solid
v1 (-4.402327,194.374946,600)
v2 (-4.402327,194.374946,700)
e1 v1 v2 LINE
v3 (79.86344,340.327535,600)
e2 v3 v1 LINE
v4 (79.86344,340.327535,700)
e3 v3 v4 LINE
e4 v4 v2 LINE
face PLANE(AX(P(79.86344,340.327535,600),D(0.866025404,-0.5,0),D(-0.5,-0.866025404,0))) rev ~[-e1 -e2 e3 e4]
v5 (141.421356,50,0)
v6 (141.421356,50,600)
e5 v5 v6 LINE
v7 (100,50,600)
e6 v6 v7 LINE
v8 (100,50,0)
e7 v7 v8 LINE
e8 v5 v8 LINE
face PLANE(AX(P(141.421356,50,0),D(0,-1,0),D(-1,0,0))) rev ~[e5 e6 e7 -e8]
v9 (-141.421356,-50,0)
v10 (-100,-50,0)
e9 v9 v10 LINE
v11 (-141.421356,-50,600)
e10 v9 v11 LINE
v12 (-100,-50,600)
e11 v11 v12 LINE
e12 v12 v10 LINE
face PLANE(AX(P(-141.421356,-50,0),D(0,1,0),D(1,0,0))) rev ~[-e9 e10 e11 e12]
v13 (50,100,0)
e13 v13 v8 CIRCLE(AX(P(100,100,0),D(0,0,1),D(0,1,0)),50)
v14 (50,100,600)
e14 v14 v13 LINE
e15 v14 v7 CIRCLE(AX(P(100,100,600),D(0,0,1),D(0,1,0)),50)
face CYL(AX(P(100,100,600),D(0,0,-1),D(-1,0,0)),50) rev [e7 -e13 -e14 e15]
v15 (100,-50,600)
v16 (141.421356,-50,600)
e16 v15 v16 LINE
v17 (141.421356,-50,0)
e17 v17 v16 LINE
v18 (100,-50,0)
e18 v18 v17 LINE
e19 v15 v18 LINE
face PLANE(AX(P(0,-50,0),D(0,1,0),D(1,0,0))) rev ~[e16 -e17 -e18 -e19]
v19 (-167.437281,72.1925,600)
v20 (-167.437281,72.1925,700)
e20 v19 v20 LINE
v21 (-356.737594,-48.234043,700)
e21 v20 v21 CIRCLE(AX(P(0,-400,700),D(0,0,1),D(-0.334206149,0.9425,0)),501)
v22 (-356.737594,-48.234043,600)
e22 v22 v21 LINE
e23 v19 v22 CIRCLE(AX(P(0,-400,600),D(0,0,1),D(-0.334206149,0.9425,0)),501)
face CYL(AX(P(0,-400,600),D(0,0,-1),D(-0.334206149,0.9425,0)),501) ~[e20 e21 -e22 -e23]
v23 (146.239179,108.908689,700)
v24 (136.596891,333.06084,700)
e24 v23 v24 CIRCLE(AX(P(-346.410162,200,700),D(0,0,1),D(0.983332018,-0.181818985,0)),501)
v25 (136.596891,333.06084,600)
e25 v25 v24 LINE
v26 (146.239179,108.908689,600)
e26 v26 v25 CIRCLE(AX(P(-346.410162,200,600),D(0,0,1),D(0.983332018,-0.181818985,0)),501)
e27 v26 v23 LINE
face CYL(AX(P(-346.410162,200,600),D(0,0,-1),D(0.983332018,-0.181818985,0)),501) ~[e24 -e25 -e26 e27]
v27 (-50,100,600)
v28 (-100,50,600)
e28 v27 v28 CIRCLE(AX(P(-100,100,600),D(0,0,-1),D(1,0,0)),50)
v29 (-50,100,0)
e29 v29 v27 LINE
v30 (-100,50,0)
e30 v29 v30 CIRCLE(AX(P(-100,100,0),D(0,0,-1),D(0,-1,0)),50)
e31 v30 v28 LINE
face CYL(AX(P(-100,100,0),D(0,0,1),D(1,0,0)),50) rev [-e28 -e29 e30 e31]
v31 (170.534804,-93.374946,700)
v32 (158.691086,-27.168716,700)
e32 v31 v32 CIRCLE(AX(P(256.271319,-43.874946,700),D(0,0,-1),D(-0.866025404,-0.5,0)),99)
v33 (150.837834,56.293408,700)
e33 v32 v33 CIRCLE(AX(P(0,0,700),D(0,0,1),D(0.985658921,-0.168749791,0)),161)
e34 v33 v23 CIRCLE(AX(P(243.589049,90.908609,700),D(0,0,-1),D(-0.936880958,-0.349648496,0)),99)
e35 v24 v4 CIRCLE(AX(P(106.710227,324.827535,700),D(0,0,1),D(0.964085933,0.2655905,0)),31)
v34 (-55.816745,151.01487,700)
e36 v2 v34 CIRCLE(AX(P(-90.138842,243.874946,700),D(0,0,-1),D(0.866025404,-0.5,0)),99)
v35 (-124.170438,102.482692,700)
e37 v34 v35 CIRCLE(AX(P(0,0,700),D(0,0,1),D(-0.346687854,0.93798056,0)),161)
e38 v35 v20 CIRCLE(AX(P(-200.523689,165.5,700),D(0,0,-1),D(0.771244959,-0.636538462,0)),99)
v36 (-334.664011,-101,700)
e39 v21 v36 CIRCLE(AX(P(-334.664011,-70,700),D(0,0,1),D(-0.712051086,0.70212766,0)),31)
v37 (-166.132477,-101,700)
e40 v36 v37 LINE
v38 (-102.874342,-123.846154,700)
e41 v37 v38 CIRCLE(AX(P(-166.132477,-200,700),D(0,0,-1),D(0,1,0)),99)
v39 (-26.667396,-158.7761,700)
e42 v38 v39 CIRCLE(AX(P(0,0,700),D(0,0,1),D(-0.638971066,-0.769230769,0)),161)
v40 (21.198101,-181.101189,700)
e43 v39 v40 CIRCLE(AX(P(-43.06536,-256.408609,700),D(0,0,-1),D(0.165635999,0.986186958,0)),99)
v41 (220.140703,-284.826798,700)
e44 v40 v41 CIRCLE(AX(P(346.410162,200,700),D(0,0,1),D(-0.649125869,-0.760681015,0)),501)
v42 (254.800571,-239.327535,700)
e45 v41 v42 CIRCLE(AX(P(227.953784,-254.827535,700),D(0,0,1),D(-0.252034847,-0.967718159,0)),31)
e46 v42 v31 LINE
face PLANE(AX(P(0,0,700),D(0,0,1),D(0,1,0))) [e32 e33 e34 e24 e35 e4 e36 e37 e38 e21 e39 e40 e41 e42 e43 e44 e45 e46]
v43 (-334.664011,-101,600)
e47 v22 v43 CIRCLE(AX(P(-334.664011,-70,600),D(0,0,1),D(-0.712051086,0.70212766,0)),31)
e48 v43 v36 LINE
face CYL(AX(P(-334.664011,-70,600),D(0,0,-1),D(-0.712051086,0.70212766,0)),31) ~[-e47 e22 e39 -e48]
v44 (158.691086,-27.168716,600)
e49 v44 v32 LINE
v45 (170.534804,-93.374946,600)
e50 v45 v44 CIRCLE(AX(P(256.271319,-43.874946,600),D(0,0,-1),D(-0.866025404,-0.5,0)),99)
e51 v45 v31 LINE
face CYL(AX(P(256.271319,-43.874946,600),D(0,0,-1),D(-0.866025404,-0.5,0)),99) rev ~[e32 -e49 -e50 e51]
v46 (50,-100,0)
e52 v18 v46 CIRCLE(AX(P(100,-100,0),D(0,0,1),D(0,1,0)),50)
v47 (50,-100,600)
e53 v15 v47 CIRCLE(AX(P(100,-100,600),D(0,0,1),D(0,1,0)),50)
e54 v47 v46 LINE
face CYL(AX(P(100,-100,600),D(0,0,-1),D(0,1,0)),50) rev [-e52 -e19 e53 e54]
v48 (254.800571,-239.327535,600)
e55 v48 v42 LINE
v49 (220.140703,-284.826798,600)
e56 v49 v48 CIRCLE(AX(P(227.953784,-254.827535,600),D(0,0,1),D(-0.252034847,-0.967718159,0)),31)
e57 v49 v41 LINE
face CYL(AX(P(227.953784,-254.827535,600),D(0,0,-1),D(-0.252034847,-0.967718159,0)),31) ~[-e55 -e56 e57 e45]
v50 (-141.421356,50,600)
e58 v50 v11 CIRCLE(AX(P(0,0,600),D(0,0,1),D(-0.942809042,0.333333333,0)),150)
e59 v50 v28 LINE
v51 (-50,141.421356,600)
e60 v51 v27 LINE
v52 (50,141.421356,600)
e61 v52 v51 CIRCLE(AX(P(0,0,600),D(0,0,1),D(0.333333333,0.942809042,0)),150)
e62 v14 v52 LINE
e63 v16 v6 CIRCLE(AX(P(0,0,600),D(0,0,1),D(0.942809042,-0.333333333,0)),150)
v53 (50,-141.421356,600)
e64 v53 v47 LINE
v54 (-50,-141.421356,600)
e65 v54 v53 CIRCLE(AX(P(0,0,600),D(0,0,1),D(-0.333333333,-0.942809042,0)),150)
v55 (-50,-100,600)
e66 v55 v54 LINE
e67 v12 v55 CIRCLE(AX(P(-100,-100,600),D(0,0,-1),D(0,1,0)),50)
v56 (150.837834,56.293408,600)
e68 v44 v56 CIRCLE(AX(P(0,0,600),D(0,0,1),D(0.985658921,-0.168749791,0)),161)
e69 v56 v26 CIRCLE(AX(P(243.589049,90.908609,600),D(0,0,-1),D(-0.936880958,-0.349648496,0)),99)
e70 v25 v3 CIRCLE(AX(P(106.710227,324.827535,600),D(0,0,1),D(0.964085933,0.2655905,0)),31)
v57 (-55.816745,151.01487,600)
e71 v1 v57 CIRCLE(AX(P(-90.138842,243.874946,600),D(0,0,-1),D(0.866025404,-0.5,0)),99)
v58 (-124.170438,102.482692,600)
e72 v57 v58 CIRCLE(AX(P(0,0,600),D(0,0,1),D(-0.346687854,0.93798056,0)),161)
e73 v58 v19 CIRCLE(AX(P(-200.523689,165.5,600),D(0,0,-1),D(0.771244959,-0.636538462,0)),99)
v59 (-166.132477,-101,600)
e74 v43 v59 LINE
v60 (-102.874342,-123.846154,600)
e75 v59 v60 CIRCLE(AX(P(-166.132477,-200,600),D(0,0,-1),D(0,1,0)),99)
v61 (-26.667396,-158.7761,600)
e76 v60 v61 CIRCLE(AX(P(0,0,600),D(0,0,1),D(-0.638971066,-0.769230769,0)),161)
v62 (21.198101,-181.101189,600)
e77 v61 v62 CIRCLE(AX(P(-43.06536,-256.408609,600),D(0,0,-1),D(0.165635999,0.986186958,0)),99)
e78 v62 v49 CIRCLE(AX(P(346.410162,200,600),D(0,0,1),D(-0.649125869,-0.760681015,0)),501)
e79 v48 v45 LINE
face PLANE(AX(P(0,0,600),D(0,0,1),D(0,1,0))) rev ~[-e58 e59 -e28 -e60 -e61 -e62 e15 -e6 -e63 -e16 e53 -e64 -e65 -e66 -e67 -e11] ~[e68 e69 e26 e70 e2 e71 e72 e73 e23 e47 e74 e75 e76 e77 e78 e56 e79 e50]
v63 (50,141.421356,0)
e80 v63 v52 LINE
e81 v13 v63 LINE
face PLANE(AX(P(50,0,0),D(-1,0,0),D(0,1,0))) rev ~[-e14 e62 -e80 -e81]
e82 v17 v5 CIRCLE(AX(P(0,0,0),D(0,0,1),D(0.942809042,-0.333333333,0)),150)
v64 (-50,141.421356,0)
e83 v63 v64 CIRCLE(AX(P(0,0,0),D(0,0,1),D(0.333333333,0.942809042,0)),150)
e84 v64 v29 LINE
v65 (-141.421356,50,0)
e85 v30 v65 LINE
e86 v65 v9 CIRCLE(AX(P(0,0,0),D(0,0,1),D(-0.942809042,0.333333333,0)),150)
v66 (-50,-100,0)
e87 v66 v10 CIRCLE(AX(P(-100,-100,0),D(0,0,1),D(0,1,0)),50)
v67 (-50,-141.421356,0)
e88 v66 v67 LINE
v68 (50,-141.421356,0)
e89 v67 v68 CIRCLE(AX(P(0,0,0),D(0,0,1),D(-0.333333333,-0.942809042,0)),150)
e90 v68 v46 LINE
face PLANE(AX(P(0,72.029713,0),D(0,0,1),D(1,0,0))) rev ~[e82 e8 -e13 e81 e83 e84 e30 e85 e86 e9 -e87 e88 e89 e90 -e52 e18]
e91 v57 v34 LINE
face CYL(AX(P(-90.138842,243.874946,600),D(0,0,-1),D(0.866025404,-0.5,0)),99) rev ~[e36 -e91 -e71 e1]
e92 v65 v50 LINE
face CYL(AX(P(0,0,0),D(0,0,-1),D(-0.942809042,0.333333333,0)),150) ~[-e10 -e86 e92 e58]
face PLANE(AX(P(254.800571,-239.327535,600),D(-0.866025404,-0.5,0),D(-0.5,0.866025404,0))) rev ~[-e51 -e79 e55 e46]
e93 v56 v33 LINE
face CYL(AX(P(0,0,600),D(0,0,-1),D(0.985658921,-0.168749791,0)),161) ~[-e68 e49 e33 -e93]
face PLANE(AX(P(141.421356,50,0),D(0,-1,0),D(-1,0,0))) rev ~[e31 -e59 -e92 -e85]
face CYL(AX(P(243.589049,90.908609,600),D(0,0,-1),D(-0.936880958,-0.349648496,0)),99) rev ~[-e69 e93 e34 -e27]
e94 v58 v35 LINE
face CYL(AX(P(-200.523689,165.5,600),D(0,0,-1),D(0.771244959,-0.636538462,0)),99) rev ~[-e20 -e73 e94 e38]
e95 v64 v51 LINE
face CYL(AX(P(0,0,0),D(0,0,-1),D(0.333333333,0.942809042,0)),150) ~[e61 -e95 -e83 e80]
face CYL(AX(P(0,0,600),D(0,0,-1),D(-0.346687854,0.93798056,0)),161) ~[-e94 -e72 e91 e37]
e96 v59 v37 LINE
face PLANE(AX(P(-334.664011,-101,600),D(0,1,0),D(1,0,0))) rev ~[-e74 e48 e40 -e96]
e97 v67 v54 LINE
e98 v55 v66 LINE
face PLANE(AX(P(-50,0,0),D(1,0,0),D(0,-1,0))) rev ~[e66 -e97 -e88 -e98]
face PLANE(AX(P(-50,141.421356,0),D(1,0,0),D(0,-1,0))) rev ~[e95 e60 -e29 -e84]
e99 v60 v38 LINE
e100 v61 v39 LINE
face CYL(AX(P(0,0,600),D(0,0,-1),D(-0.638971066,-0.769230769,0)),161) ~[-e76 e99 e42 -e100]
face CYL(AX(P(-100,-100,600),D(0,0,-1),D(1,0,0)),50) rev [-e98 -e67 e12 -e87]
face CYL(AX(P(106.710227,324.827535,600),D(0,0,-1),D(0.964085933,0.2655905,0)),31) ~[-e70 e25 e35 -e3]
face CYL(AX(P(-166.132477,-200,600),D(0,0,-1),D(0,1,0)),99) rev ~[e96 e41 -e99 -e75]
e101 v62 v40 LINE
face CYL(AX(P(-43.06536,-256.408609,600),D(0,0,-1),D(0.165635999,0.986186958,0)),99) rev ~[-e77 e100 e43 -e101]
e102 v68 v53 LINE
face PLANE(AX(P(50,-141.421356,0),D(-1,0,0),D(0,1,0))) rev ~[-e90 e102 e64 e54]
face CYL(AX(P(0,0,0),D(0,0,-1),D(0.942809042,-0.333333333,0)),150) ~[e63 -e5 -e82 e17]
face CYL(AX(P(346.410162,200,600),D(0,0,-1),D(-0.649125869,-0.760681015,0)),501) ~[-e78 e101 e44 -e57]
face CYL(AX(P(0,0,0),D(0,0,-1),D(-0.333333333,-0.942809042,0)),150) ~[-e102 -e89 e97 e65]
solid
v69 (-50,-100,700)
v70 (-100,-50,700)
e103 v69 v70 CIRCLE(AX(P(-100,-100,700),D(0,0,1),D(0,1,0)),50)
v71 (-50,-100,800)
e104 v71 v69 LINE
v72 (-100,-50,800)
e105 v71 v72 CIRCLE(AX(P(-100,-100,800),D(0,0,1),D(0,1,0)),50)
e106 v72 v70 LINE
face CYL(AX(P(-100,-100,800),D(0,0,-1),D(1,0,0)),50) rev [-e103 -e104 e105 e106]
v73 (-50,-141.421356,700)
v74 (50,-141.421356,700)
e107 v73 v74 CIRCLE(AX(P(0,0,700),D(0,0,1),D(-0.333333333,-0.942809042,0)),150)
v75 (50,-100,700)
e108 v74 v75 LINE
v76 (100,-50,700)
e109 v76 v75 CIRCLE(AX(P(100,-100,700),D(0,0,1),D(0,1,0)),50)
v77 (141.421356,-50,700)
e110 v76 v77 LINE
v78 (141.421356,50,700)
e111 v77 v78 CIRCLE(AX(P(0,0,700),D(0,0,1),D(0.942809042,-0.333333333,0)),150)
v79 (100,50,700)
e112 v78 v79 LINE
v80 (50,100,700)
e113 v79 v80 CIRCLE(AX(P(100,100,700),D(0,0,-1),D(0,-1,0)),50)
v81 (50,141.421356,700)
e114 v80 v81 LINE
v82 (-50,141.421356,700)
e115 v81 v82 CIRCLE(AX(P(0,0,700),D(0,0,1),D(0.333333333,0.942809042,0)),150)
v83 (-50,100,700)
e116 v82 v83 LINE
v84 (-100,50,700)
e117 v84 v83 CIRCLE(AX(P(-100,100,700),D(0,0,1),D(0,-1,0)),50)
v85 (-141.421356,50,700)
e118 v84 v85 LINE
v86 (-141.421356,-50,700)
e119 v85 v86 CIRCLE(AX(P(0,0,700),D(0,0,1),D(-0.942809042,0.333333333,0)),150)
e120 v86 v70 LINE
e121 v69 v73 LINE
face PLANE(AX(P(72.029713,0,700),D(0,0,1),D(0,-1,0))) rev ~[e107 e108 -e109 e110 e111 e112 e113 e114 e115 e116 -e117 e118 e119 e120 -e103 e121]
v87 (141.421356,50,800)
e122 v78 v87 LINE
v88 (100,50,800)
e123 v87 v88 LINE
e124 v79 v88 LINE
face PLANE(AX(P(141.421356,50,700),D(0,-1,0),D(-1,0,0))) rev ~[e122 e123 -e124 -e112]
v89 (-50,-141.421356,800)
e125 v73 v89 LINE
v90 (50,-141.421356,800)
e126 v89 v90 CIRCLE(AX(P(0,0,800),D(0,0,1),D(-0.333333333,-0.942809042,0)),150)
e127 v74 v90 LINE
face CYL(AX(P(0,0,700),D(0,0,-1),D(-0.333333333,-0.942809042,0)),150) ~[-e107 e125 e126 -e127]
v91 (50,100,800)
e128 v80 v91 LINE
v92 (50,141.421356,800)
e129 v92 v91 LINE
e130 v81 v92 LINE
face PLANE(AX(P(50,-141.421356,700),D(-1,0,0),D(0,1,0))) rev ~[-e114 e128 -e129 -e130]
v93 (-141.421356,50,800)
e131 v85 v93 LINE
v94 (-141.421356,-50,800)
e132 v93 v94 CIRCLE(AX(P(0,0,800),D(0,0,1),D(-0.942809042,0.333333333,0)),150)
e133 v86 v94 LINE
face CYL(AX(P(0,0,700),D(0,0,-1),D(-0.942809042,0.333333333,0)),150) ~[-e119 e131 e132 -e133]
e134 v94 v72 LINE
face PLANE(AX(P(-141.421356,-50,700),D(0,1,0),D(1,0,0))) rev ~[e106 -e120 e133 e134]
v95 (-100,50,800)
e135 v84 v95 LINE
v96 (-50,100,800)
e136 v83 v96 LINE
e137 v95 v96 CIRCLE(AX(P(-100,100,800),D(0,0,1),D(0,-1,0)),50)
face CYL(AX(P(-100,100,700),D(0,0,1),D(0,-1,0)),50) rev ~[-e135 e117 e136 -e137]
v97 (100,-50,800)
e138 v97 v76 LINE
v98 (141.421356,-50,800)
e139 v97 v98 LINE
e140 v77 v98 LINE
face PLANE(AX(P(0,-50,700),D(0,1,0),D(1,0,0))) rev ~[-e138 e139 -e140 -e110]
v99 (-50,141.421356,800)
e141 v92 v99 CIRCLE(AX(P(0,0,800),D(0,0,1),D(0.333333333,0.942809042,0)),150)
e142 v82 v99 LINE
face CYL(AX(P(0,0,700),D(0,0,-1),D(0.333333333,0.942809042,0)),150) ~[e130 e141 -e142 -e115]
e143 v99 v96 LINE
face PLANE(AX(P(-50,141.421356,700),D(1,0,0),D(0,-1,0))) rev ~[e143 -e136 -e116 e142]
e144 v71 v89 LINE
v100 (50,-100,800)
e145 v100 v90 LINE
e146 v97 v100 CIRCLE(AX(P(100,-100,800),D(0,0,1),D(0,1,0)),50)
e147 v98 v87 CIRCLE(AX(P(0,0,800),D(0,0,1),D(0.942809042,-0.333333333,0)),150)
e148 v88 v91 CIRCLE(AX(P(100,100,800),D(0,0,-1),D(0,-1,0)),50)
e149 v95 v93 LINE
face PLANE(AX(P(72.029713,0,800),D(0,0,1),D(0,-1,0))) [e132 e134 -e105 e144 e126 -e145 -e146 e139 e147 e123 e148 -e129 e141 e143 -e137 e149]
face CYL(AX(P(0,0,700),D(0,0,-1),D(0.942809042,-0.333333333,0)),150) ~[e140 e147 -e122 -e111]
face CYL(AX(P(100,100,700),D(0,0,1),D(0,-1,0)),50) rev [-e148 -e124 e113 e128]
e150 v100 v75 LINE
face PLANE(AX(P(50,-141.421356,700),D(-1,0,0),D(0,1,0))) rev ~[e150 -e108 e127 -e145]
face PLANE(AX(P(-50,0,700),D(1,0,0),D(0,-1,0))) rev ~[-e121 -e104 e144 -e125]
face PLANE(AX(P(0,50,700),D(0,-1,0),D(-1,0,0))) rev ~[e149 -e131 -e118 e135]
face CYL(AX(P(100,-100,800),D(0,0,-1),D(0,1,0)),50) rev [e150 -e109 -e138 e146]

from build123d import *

# Parameters (mm, degrees)
BOSS_EXTRUDE1_DEPTH = 600
CIRPATTERN1_COUNT   = 4
FILLET1_R           = 50
SKETCH4_R           = 160
BOSS_EXTRUDE3_DEPTH = 100
BOSS_EXTRUDE2_DEPTH = 100
FILLET2_R           = 30
CIRPATTERN2_COUNT   = 3
FILLET4_R           = 100
EXTRUDE_THIN1_START = -100
EXTRUDE_THIN1_DEPTH = 100
BOSS_EXTRUDE4_START = 700
BOSS_EXTRUDE4_DEPTH = 100
CIRPATTERN3_COUNT   = 4
FILLET3_R           = 50


with BuildPart() as part:
    # Sketch1 → Boss-Extrude1 (new body)
    with BuildSketch(Plane(origin=(0, 0, 0), x_dir=(0, 1, 0), z_dir=(0, 0, 1))):
        with BuildLine():
            Line((-50, 141.421356237), (-50, 0))
            Line((-50, 0), (50, 0))
            Line((50, 0), (50, 141.421356237))
            ThreePointArc((50, 141.421356237), (0, 150), (-50, 141.421356237))
        make_face()
    extrude(amount=BOSS_EXTRUDE1_DEPTH)


with BuildPart() as cirpattern1_1:
    # CirPattern1: pattern copy
    add(part.part.rotate(Axis((0, 0, 0), (0, 0, 1)), 1 * 360 / CIRPATTERN1_COUNT))


with BuildPart() as cirpattern1_2:
    # CirPattern1: pattern copy
    add(part.part.rotate(Axis((0, 0, 0), (0, 0, 1)), 2 * 360 / CIRPATTERN1_COUNT))


with BuildPart() as cirpattern1_3:
    # CirPattern1: pattern copy
    add(part.part.rotate(Axis((0, 0, 0), (0, 0, 1)), 3 * 360 / CIRPATTERN1_COUNT))


with BuildPart() as part_1:
    add(part.part)

    # Combine1: union CirPattern1_1, CirPattern1_2, CirPattern1_3
    add(cirpattern1_1.part)
    add(cirpattern1_2.part)
    add(cirpattern1_3.part)

    # Fillet1
    fillet1_edges = [part_1.edges().sort_by_distance(p)[0] for p in [
        (-50, 50, 300),
        (-50, -50, 300),
        (50, -50, 300),
        (50, 50, 300),
    ]]
    fillet(fillet1_edges, radius=FILLET1_R)

    # Sketch4 → Boss-Extrude3 (add)
    with BuildSketch(Plane(origin=(0, 0, 600), x_dir=(0, 1, 0), z_dir=(0, 0, 1))):
        Circle(SKETCH4_R)
    extrude(amount=BOSS_EXTRUDE3_DEPTH)


with BuildPart() as body_2:
    # Sketch3 → Boss-Extrude2 (new body)
    with BuildSketch(Plane(origin=(0, 0, 600), x_dir=(0, 1, 0), z_dir=(0, 0, 1))):
        with BuildLine():
            Line((-100, 0), (-100, 400))
            ThreePointArc((-100, 400), (47.2135955, 223.60679775), (100, 0))
            Line((100, 0), (-100, 0))
        make_face()
    extrude(amount=BOSS_EXTRUDE2_DEPTH)

    # Fillet2
    fillet2_edges = [body_2.edges().sort_by_distance(p)[0] for p in [
        (-400, -100, 650),
    ]]
    fillet(fillet2_edges, radius=FILLET2_R)


with BuildPart() as cirpattern2_1:
    # CirPattern2: pattern copy
    add(body_2.part.rotate(Axis((0, 0, 0), (0, 0, 1)), 1 * 360 / CIRPATTERN2_COUNT))


with BuildPart() as cirpattern2_2:
    # CirPattern2: pattern copy
    add(body_2.part.rotate(Axis((0, 0, 0), (0, 0, 1)), 2 * 360 / CIRPATTERN2_COUNT))


with BuildPart() as part_2:
    add(part_1.part)

    # Combine2: union body 2, CirPattern2_2, CirPattern2_1
    add(body_2.part)
    add(cirpattern2_2.part)
    add(cirpattern2_1.part)

    # Fillet4
    fillet4_edges = [part_2.edges().sort_by_distance(p)[0] for p in [
        (-138.274184142, 80.5, 650),
        (-124.899959968, -100, 650),
        (-24.152560394, 158.166538264, 650),
        (-0.577952934, -159.998956154, 650),
        (138.852137075, 79.498956154, 650),
        (149.052520362, -58.166538264, 650),
    ]]
    fillet(fillet4_edges, radius=FILLET4_R)

    # Sketch5 → Extrude-Thin1 (add)
    with BuildSketch(Plane(origin=(0, 0, 700), x_dir=(0, 1, 0), z_dir=(0, 0, 1)).offset(EXTRUDE_THIN1_START)):
        with BuildLine():
            Line((-101, 334.664010614), (-101, 166.132477258))
            ThreePointArc((-101, 166.132477258), (-106.886545631, 132.503849344), (-123.846153846, 102.874341687))
            ThreePointArc((-123.846153846, 102.874341687), (-146.358154113, 67.084206225), (-158.776100224, 26.667395777))
            ThreePointArc((-158.776100224, 26.667395777), (-166.687757285, 1.218391324), (-181.101188564, -21.198101351))
            ThreePointArc((-181.101188564, -21.198101351), (-244.243580866, -114.788399022), (-284.826797866, -220.140703324))
            ThreePointArc((-284.826797866, -220.140703324), (-273.61273561, -252.61379645), (-239.327534924, -254.800571089))
            Line((-239.327534924, -254.800571089), (-93.374945699, -170.534804411))
            ThreePointArc((-93.374945699, -170.534804411), (-61.308426816, -158.818388511), (-27.168716375, -158.691086235))
            ThreePointArc((-27.168716375, -158.691086235), (15.082450273, -160.291982625), (56.293407917, -150.837834197))
            ThreePointArc((56.293407917, -150.837834197), (82.288720804, -144.965027971), (108.908688564, -146.239179276))
            ThreePointArc((108.908688564, -146.239179276), (221.531460046, -154.12694623), (333.060840419, -136.596890968))
            ThreePointArc((333.060840419, -136.596890968), (355.576332877, -110.648681612), (340.327534924, -79.863439525))
            Line((340.327534924, -79.863439525), (194.374945699, 4.402327153))
            ThreePointArc((194.374945699, 4.402327153), (168.194972447, 26.314539167), (151.014870222, 55.816744548))
            ThreePointArc((151.014870222, 55.816744548), (131.275703839, 93.2077764), (102.482692308, 124.17043842))
            ThreePointArc((102.482692308, 124.17043842), (84.399036481, 143.746636647), (72.1925, 167.437280627))
            ThreePointArc((72.1925, 167.437280627), (22.71212082, 268.915345252), (-48.234042553, 356.737594292))
            ThreePointArc((-48.234042553, 356.737594292), (-81.963597267, 363.262478063), (-101, 334.664010614))
        make_face()
        with BuildLine():
            Line((-100, 334.664010614), (-100, 166.132477258))
            ThreePointArc((-100, 166.132477258), (-105.946005687, 132.164166234), (-123.076923077, 102.235370621))
            ThreePointArc((-123.076923077, 102.235370621), (-145.449097255, 66.667534136), (-157.789913267, 26.501759778))
            ThreePointArc((-157.789913267, 26.501759778), (-165.781486055, 0.795694675), (-180.340507548, -21.847227219))
            ThreePointArc((-180.340507548, -21.847227219), (-243.356867131, -115.250717909), (-283.859079706, -220.392738171))
            ThreePointArc((-283.859079706, -220.392738171), (-273.006761394, -251.818312164), (-239.827534924, -253.934545685))
            Line((-239.827534924, -253.934545685), (-93.874945699, -169.668779008))
            ThreePointArc((-93.874945699, -169.668779008), (-61.484522585, -157.834015472), (-26.999966584, -157.705427315))
            ThreePointArc((-26.999966584, -157.705427315), (14.988770458, -159.296380248), (55.94375942, -149.900953239))
            ThreePointArc((55.94375942, -149.900953239), (82.201651226, -143.968825738), (109.090507548, -145.255847259))
            ThreePointArc((109.090507548, -145.255847259), (221.48848308, -153.127870166), (332.795249919, -135.632805035))
            ThreePointArc((332.795249919, -135.632805035), (354.584436169, -110.521634691), (339.827534924, -80.729464928))
            Line((339.827534924, -80.729464928), (193.874945699, 3.536301749))
            ThreePointArc((193.874945699, 3.536301749), (167.430528272, 25.669849238), (150.076889661, 55.470056694))
            ThreePointArc((150.076889661, 55.470056694), (130.460326797, 92.628846112), (101.846153846, 123.399193461))
            ThreePointArc((101.846153846, 123.399193461), (83.57983483, 143.173131064), (71.25, 167.103074478))
            ThreePointArc((71.25, 167.103074478), (21.868384052, 268.378588076), (-48.936170213, 356.025543206))
            ThreePointArc((-48.936170213, 356.025543206), (-81.577674775, 362.339946854), (-100, 334.664010614))
        make_face(mode=Mode.SUBTRACT)
    extrude(amount=EXTRUDE_THIN1_DEPTH)


with BuildPart() as body_2_2:
    # Sketch1<3> → Boss-Extrude4 (new body)
    with BuildSketch(Plane(origin=(0, 0, 0), x_dir=(0, 1, 0), z_dir=(0, 0, 1)).offset(BOSS_EXTRUDE4_START)):
        with BuildLine():
            Line((-50, 141.421356237), (-50, 0))
            Line((-50, 0), (50, 0))
            Line((50, 0), (50, 141.421356237))
            ThreePointArc((50, 141.421356237), (0, 150), (-50, 141.421356237))
        make_face()
    extrude(amount=BOSS_EXTRUDE4_DEPTH)


with BuildPart() as cirpattern3_1:
    # CirPattern3: pattern copy
    add(body_2_2.part.rotate(Axis((0, 0, 0), (0, 0, 1)), 1 * 360 / CIRPATTERN3_COUNT))


with BuildPart() as cirpattern3_2:
    # CirPattern3: pattern copy
    add(body_2_2.part.rotate(Axis((0, 0, 0), (0, 0, 1)), 2 * 360 / CIRPATTERN3_COUNT))


with BuildPart() as cirpattern3_3:
    # CirPattern3: pattern copy
    add(body_2_2.part.rotate(Axis((0, 0, 0), (0, 0, 1)), 3 * 360 / CIRPATTERN3_COUNT))


with BuildPart() as body_2_2_1:
    add(body_2_2.part)

    # Combine3: union CirPattern3_3, CirPattern3_1, CirPattern3_2
    add(cirpattern3_3.part)
    add(cirpattern3_1.part)
    add(cirpattern3_2.part)

    # Fillet3
    fillet3_edges = [body_2_2_1.edges().sort_by_distance(p)[0] for p in [
        (-50, 50, 750),
        (-50, -50, 750),
        (50, 50, 750),
        (50, -50, 750),
    ]]
    fillet(fillet3_edges, radius=FILLET3_R)


solid = Compound([part_2.part, body_2_2_1.part])
